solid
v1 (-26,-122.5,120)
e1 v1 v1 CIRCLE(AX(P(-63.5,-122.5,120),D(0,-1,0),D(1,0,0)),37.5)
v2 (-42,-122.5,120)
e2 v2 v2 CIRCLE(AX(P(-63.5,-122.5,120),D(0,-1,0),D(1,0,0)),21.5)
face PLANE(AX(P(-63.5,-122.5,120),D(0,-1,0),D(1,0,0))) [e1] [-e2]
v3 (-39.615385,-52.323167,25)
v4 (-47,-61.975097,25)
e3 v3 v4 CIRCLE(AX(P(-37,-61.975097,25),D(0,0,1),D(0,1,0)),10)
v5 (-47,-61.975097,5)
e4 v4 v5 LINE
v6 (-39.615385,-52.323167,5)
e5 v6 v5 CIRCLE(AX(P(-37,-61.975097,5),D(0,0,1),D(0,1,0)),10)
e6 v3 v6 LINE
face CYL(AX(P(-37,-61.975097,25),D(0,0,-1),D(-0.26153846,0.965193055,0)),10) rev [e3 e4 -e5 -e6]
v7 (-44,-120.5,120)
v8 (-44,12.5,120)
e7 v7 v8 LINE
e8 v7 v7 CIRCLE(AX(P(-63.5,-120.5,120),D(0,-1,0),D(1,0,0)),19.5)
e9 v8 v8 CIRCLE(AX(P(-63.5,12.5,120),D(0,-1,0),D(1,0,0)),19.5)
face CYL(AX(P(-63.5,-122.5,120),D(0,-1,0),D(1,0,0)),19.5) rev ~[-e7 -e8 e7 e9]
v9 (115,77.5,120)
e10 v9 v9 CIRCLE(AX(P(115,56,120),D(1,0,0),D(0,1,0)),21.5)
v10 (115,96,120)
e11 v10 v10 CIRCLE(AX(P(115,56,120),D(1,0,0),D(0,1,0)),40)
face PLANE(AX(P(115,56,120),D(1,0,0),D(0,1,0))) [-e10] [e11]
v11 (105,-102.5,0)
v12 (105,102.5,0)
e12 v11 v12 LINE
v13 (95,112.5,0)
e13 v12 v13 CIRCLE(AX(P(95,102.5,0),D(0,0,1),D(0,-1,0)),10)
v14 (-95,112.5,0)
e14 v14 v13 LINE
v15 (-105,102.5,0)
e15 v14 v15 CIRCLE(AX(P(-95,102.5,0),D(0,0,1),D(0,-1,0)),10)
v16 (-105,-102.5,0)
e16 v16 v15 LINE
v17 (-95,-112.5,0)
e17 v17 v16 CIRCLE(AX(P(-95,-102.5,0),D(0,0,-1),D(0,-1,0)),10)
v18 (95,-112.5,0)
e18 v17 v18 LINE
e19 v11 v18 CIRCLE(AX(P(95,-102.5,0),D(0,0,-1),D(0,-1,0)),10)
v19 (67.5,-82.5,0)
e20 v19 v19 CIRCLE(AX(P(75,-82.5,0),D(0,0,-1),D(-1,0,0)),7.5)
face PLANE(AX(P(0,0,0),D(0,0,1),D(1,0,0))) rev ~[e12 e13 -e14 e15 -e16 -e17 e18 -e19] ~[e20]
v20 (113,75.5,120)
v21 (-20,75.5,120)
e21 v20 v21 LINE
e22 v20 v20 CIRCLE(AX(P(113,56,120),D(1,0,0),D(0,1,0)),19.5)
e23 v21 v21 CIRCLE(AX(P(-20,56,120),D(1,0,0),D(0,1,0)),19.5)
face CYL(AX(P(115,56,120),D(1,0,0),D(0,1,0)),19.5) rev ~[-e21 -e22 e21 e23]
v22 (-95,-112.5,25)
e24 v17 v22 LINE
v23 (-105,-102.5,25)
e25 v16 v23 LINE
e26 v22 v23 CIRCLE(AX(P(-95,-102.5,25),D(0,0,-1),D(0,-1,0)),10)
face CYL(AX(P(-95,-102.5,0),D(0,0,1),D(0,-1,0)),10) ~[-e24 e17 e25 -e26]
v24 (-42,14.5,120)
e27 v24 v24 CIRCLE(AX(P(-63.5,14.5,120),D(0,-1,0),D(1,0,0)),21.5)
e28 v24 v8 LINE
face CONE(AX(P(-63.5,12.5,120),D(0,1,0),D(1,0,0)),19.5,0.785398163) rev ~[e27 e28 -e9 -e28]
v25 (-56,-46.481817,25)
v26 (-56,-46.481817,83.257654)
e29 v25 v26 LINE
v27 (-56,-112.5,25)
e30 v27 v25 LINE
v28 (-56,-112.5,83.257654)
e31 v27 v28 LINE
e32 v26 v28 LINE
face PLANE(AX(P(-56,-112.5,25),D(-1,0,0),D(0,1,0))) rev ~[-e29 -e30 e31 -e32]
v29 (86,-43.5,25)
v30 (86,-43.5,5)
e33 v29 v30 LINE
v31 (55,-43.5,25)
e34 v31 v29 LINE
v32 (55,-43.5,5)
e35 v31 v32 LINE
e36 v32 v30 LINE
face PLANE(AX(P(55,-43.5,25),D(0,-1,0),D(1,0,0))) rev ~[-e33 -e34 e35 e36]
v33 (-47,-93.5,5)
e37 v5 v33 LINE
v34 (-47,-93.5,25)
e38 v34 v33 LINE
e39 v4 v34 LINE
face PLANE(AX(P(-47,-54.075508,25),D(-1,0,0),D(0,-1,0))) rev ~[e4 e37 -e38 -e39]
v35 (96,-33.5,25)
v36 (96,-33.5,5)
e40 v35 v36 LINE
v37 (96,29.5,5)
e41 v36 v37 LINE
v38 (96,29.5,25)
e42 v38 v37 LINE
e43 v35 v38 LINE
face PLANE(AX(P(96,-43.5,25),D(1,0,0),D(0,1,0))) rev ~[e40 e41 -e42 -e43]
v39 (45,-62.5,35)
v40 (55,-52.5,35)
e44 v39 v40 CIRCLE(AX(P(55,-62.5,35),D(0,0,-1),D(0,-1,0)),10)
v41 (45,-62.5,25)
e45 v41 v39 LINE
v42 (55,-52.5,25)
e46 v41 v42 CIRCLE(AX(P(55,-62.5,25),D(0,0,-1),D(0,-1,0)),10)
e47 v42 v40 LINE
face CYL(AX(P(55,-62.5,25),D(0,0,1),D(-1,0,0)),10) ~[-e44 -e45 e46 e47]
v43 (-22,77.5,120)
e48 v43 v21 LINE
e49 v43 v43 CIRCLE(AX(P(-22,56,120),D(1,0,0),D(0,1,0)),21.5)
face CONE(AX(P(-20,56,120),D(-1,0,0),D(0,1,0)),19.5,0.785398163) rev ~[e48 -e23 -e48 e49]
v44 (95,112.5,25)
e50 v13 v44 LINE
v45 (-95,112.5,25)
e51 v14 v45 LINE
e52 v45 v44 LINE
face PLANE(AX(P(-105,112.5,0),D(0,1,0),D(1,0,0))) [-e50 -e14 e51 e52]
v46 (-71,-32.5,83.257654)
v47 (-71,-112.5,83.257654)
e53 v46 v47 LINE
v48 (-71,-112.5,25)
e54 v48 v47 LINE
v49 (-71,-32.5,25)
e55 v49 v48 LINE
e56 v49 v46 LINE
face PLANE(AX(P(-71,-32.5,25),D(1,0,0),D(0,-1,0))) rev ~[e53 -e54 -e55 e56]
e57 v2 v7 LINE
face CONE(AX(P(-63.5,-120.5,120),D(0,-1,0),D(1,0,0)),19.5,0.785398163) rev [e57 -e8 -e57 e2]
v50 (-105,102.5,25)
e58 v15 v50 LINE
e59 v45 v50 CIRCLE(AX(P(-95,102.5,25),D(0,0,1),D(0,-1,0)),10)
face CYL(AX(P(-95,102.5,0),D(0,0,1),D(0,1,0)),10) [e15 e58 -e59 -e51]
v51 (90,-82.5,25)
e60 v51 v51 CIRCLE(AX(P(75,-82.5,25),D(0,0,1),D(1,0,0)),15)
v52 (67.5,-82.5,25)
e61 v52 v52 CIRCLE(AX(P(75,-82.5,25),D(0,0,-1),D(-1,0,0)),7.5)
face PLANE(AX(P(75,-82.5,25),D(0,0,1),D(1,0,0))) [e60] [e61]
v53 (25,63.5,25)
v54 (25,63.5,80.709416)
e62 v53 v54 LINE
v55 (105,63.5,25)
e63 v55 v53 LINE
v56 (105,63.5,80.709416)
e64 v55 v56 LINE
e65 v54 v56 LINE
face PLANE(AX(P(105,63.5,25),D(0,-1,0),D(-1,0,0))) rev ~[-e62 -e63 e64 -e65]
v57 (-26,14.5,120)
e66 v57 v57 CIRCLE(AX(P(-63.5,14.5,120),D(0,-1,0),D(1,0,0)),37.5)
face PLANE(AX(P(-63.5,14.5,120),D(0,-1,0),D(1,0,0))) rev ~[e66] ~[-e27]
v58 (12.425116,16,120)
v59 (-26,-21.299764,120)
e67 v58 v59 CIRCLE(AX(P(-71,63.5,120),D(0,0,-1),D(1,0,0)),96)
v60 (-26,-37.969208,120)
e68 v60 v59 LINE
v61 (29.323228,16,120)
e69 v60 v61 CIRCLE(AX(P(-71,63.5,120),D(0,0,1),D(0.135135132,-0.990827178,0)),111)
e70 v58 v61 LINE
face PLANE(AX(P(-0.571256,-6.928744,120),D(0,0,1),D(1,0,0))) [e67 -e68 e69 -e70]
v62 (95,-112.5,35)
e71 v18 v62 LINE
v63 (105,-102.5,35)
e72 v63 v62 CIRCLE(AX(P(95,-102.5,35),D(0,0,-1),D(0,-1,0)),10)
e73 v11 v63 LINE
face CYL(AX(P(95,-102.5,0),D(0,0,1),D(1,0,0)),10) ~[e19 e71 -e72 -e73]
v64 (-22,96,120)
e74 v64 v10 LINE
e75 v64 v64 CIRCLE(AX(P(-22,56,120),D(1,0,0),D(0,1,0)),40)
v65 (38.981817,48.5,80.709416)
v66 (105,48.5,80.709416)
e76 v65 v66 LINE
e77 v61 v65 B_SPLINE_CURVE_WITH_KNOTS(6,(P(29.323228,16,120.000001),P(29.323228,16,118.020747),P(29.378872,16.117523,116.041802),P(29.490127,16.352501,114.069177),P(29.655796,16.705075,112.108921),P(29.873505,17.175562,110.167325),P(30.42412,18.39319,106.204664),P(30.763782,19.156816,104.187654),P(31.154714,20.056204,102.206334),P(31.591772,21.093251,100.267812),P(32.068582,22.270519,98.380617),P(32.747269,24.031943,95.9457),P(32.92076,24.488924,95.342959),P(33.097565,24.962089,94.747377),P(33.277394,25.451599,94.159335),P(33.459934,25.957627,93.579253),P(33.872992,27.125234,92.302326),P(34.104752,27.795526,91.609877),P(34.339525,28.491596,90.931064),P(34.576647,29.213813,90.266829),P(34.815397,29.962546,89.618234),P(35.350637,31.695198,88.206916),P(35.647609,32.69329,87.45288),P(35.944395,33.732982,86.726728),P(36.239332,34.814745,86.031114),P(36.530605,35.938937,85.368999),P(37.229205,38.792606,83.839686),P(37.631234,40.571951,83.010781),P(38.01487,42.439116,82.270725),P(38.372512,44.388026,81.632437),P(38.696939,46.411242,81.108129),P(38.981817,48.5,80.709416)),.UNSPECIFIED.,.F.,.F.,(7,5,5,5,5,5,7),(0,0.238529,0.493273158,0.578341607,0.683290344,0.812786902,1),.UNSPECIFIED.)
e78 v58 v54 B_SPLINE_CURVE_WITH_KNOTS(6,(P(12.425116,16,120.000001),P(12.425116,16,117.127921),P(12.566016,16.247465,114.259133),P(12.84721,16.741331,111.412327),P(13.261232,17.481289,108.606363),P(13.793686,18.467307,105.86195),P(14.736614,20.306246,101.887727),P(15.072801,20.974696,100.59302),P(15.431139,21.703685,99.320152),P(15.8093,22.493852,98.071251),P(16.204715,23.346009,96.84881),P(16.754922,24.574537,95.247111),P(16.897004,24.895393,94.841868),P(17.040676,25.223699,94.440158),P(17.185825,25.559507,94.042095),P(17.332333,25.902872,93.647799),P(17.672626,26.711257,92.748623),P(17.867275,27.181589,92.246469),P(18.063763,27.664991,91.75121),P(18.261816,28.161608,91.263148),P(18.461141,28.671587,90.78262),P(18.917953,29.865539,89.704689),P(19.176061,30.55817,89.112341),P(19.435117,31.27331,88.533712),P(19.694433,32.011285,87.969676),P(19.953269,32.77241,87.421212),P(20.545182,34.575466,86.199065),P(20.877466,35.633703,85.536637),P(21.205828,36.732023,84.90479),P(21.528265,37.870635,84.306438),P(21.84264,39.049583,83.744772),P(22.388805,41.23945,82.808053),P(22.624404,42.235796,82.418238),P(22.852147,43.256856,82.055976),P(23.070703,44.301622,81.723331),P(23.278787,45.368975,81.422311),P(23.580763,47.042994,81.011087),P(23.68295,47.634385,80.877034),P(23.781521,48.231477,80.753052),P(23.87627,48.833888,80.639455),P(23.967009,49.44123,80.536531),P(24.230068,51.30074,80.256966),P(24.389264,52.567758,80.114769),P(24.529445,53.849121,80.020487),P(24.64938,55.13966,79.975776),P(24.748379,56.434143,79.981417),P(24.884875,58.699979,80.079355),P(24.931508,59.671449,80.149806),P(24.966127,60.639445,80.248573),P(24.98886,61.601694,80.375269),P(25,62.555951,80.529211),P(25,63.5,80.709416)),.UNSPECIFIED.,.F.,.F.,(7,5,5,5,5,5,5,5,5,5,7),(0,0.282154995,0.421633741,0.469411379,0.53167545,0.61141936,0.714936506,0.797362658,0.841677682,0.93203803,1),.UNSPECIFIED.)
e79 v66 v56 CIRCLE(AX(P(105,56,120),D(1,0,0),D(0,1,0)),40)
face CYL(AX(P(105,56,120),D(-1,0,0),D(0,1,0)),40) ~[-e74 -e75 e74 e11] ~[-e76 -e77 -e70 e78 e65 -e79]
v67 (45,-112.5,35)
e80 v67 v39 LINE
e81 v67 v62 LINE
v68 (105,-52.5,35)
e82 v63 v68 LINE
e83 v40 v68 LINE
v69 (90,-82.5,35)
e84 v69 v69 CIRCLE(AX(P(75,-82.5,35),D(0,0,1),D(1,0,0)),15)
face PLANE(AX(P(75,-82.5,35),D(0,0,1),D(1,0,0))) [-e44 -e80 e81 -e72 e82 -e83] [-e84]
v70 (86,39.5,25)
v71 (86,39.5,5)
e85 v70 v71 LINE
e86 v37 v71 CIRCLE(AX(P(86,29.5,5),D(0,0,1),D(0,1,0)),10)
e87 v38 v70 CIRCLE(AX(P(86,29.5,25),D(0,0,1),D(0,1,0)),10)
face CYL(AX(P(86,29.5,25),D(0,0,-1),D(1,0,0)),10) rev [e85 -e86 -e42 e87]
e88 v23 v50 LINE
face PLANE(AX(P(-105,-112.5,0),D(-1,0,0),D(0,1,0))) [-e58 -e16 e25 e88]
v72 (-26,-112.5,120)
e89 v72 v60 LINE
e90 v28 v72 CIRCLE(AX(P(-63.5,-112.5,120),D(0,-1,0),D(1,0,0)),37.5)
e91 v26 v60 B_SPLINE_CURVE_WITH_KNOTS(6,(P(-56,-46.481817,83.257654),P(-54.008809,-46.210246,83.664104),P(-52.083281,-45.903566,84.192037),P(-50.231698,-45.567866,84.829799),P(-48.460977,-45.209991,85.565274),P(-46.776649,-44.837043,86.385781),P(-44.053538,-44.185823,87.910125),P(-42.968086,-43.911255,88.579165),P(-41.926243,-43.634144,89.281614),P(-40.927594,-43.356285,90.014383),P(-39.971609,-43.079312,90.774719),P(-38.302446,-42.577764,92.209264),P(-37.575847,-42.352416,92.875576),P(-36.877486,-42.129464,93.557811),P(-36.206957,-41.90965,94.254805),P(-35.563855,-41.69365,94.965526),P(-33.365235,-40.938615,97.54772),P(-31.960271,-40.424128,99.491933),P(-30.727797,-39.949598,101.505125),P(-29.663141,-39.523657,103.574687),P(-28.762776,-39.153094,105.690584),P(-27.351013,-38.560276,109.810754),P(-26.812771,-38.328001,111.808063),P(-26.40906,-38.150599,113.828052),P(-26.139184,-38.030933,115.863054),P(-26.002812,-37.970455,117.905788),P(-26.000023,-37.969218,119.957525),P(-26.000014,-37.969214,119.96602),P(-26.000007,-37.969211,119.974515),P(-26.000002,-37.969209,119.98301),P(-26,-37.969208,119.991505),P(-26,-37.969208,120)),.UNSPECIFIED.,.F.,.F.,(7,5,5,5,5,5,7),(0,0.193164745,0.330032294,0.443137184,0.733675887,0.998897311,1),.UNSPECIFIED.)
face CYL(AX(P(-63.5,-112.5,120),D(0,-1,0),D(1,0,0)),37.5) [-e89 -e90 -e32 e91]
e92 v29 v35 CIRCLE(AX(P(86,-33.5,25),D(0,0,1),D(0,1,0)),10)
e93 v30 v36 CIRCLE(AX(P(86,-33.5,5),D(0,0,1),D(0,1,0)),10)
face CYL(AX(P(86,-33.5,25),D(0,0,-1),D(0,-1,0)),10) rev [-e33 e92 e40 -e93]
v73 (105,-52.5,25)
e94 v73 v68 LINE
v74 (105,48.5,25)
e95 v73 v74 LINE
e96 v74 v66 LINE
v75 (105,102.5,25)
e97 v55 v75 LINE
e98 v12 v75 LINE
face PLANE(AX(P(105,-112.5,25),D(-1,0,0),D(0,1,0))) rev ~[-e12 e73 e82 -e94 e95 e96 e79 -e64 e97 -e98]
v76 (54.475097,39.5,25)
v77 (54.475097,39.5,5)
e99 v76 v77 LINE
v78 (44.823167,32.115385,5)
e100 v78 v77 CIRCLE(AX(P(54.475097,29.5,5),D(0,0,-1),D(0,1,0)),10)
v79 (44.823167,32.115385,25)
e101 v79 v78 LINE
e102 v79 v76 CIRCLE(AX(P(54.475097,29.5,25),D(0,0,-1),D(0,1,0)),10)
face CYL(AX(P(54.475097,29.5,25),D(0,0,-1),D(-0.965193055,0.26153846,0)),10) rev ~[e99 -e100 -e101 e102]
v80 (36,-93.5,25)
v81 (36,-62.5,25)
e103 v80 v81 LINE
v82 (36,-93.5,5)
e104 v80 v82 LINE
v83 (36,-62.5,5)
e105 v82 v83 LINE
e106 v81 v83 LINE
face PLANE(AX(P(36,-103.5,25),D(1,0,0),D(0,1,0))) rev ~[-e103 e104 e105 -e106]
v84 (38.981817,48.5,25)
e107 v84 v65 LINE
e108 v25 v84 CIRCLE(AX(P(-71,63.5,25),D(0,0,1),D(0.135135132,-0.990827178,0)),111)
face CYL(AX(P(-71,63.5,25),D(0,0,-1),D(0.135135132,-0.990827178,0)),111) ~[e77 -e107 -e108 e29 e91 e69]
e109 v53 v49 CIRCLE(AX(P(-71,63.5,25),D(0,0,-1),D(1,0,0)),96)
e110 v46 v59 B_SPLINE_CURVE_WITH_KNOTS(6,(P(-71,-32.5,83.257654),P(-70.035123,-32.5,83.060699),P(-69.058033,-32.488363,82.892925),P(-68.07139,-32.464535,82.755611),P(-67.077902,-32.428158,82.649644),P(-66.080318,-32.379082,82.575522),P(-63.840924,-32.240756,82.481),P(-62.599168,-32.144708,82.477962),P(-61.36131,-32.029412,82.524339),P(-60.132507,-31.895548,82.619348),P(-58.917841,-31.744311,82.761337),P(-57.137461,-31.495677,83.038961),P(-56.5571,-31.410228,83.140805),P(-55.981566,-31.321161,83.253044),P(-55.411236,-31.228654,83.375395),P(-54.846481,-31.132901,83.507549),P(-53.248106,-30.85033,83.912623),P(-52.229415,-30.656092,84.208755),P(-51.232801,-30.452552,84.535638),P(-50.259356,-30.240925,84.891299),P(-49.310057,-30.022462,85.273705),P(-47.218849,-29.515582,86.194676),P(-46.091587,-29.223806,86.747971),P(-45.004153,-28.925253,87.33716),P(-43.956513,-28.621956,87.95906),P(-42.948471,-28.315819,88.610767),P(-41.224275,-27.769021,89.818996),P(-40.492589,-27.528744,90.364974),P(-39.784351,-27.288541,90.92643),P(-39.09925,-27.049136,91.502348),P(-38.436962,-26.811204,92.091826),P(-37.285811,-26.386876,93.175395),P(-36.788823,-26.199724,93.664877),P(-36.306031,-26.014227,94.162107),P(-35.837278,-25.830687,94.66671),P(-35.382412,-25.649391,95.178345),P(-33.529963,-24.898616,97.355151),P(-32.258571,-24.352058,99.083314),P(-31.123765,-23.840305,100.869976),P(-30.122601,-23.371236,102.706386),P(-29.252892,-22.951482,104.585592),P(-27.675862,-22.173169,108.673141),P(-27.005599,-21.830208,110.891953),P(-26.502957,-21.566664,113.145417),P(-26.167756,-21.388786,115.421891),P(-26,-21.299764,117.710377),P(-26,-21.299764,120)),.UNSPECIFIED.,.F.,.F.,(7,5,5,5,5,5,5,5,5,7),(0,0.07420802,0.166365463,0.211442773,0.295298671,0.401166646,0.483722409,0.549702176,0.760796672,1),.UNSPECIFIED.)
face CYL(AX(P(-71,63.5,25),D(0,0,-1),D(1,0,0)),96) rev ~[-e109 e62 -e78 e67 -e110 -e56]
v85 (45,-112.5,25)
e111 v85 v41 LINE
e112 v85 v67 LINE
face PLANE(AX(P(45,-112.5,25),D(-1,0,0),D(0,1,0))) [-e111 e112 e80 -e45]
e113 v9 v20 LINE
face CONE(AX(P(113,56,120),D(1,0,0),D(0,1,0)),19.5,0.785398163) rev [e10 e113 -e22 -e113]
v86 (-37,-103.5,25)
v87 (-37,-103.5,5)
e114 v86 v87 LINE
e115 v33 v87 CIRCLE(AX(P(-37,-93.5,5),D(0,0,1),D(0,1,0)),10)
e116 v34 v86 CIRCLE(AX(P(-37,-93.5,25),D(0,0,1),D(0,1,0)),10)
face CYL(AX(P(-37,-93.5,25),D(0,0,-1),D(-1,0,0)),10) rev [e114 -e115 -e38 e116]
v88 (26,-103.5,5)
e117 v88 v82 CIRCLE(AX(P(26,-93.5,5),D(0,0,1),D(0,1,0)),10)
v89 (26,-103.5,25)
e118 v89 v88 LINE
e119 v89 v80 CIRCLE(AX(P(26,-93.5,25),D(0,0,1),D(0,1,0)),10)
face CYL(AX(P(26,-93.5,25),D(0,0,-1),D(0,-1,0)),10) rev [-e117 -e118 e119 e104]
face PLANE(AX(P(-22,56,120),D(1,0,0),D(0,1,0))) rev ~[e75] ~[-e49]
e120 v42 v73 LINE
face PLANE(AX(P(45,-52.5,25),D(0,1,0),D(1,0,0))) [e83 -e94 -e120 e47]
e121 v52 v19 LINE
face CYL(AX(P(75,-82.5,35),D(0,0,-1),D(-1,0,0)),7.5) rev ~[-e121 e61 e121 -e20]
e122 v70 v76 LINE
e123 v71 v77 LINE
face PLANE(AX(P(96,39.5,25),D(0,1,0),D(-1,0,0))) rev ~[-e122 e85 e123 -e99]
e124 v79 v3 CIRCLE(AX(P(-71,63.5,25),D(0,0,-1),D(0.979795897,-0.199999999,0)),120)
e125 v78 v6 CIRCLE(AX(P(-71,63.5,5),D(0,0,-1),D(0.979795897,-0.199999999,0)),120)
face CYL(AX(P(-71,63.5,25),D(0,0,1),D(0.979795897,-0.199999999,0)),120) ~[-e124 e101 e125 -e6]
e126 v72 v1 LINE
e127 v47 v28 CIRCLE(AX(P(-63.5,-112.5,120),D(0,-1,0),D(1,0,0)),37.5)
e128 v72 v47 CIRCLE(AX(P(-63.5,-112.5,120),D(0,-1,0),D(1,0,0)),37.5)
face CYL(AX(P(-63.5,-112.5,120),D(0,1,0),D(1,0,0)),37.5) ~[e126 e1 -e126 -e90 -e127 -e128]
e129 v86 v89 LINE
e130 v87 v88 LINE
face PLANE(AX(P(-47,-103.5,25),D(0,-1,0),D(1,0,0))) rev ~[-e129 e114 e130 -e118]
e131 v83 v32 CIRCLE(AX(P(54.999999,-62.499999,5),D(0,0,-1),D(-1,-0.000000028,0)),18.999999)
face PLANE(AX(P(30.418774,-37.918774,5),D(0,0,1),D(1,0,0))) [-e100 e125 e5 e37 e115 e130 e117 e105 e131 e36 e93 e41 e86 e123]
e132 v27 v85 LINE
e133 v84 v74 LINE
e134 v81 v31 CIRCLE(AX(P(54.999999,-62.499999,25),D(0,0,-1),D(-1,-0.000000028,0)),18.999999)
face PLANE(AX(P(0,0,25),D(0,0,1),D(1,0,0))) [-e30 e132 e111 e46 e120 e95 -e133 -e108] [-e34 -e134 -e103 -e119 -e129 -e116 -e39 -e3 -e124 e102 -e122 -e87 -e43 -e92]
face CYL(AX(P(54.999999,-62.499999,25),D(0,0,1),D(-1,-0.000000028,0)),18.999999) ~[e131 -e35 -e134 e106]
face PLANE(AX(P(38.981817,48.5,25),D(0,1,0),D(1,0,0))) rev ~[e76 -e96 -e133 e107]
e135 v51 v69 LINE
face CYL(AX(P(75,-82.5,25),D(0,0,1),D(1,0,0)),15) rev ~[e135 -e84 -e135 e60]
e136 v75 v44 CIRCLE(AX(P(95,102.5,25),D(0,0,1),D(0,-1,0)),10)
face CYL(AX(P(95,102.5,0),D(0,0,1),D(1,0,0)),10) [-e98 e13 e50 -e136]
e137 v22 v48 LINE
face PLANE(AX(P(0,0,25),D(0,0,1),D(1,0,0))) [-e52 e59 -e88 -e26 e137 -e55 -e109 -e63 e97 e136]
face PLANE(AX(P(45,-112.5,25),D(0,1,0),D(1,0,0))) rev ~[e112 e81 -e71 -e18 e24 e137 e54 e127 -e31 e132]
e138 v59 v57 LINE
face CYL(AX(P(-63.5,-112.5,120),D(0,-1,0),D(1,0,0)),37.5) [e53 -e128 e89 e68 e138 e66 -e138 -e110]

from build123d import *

# Parameters (mm, degrees)
F0_W            = 210
F0_H            = 225
F1_DEPTH        = 25
F3_DEPTH        = 95
F4_R            = 37.5
F5_DEPTH        = 10
F5_DEPTH_BACK   = 127
F6_R            = 40
F7_DEPTH        = 10
F7_DEPTH_BACK   = 127
F8_W            = 60
F8_H            = 60
F9_DEPTH        = 10
F10_R           = 10
F12_DEPTH       = 20
F14_D           = 15
F14_CBORE_D     = 30
F14_CBORE_DEPTH = 10
F15_R           = 10
F16_R           = 19.5
F17_DEPTH       = 235.001
F18_R           = 19.5
F19_DEPTH       = 220.001
F20_SIZE        = 2
F21_R           = 10


with BuildPart() as f1:
    # F0 (on Top) → F1 (new body)
    with BuildSketch(Plane.XY):
        Rectangle(F0_W, F0_H)
    extrude(amount=F1_DEPTH)

    # F2 (on face) → F3 (join)
    with BuildSketch(Plane.XY.offset(25)):
        with BuildLine():
            Line((-71, -32.5), (-71, -112.5))
            Line((-71, -112.5), (-56, -112.5))
            Line((-56, -112.5), (-56, -46.481817))
            ThreePointArc((-56, -46.481817), (7.488853, -14.988853), (38.981817, 48.5))
            Line((38.981817, 48.5), (105, 48.5))
            Line((105, 48.5), (105, 63.5))
            Line((105, 63.5), (25, 63.5))
            ThreePointArc((25, 63.5), (-3.117749, -4.382251), (-71, -32.5))
        make_face()
    extrude(amount=F3_DEPTH)

    # F4 (on face) → F5 (join, two sides)
    with BuildSketch(Plane.XZ.offset(112.5)) as f5_sk:
        with Locations((-63.5, 120)):
            Circle(F4_R)
    extrude(amount=F5_DEPTH)
    extrude(f5_sk.sketch, amount=-F5_DEPTH_BACK)

    # F6 (on face) → F7 (join, two sides)
    with BuildSketch(Plane.YZ.offset(105)) as f7_sk:
        with Locations((56, 120)):
            Circle(F6_R)
    extrude(amount=F7_DEPTH)
    extrude(f7_sk.sketch, amount=-F7_DEPTH_BACK)

    # F8 (on face) → F9 (join)
    with BuildSketch(Plane.XY.offset(25)):
        with Locations((75, -82.5)):
            Rectangle(F8_W, F8_H)
    extrude(amount=F9_DEPTH)

    # F10
    f10_edges = [f1.edges().sort_by_distance(p)[0] for p in [
        (45, -52.5, 30),
    ]]
    fillet(f10_edges, radius=F10_R)

    # F11 (on face) → F12 (cut)
    with BuildSketch(Plane.XY.offset(25)):
        with BuildLine():
            ThreePointArc((46.575508, 39.5), (13.852814, -21.352814), (-47, -54.075508))
            Line((-47, -54.075508), (-47, -103.5))
            Line((-47, -103.5), (36, -103.5))
            Line((36, -103.5), (36, -62.5))
            ThreePointArc((36, -62.5), (41.564971, -49.064971), (55, -43.5))
            Line((55, -43.5), (96, -43.5))
            Line((96, -43.5), (96, 39.5))
            Line((96, 39.5), (46.575508, 39.5))
        make_face()
    extrude(amount=-F12_DEPTH, mode=Mode.SUBTRACT)

    # F14 (through all)
    with Locations(Plane.XY.offset(35)):
        with Locations((75, -82.5)):
            CounterBoreHole(F14_D / 2, F14_CBORE_D / 2, F14_CBORE_DEPTH)

    # F15
    f15_edges = [f1.edges().sort_by_distance(p)[0] for p in [
        (-47, -54.075508, 15),
        (46.575508, 39.5, 15),
        (-47, -103.5, 15),
        (96, 39.5, 15),
        (36, -103.5, 15),
        (96, -43.5, 15),
    ]]
    fillet(f15_edges, radius=F15_R)

    # F16 (on face) → F17 (cut, through all)
    with BuildSketch(Plane.XZ.offset(122.5)):
        with Locations((-63.5, 120)):
            Circle(F16_R)
    extrude(amount=-F17_DEPTH, mode=Mode.SUBTRACT)

    # F18 (on face) → F19 (cut, through all)
    with BuildSketch(Plane.YZ.offset(115)):
        with Locations((56, 120)):
            Circle(F18_R)
    extrude(amount=-F19_DEPTH, mode=Mode.SUBTRACT)

    # F20
    f20_edges = [f1.edges().sort_by_distance(p)[0] for p in [
        (-83, -122.5, 120),
        (115, 36.5, 120),
        (-22, 36.5, 120),
        (-83, 14.5, 120),
    ]]
    chamfer(f20_edges, length=F20_SIZE)

    # F21
    f21_edges = [f1.edges().sort_by_distance(p)[0] for p in [
        (-105, -112.5, 12.5),
        (105, -112.5, 17.5),
        (105, 112.5, 12.5),
        (-105, 112.5, 12.5),
    ]]
    fillet(f21_edges, radius=F21_R)


solid = f1.part
